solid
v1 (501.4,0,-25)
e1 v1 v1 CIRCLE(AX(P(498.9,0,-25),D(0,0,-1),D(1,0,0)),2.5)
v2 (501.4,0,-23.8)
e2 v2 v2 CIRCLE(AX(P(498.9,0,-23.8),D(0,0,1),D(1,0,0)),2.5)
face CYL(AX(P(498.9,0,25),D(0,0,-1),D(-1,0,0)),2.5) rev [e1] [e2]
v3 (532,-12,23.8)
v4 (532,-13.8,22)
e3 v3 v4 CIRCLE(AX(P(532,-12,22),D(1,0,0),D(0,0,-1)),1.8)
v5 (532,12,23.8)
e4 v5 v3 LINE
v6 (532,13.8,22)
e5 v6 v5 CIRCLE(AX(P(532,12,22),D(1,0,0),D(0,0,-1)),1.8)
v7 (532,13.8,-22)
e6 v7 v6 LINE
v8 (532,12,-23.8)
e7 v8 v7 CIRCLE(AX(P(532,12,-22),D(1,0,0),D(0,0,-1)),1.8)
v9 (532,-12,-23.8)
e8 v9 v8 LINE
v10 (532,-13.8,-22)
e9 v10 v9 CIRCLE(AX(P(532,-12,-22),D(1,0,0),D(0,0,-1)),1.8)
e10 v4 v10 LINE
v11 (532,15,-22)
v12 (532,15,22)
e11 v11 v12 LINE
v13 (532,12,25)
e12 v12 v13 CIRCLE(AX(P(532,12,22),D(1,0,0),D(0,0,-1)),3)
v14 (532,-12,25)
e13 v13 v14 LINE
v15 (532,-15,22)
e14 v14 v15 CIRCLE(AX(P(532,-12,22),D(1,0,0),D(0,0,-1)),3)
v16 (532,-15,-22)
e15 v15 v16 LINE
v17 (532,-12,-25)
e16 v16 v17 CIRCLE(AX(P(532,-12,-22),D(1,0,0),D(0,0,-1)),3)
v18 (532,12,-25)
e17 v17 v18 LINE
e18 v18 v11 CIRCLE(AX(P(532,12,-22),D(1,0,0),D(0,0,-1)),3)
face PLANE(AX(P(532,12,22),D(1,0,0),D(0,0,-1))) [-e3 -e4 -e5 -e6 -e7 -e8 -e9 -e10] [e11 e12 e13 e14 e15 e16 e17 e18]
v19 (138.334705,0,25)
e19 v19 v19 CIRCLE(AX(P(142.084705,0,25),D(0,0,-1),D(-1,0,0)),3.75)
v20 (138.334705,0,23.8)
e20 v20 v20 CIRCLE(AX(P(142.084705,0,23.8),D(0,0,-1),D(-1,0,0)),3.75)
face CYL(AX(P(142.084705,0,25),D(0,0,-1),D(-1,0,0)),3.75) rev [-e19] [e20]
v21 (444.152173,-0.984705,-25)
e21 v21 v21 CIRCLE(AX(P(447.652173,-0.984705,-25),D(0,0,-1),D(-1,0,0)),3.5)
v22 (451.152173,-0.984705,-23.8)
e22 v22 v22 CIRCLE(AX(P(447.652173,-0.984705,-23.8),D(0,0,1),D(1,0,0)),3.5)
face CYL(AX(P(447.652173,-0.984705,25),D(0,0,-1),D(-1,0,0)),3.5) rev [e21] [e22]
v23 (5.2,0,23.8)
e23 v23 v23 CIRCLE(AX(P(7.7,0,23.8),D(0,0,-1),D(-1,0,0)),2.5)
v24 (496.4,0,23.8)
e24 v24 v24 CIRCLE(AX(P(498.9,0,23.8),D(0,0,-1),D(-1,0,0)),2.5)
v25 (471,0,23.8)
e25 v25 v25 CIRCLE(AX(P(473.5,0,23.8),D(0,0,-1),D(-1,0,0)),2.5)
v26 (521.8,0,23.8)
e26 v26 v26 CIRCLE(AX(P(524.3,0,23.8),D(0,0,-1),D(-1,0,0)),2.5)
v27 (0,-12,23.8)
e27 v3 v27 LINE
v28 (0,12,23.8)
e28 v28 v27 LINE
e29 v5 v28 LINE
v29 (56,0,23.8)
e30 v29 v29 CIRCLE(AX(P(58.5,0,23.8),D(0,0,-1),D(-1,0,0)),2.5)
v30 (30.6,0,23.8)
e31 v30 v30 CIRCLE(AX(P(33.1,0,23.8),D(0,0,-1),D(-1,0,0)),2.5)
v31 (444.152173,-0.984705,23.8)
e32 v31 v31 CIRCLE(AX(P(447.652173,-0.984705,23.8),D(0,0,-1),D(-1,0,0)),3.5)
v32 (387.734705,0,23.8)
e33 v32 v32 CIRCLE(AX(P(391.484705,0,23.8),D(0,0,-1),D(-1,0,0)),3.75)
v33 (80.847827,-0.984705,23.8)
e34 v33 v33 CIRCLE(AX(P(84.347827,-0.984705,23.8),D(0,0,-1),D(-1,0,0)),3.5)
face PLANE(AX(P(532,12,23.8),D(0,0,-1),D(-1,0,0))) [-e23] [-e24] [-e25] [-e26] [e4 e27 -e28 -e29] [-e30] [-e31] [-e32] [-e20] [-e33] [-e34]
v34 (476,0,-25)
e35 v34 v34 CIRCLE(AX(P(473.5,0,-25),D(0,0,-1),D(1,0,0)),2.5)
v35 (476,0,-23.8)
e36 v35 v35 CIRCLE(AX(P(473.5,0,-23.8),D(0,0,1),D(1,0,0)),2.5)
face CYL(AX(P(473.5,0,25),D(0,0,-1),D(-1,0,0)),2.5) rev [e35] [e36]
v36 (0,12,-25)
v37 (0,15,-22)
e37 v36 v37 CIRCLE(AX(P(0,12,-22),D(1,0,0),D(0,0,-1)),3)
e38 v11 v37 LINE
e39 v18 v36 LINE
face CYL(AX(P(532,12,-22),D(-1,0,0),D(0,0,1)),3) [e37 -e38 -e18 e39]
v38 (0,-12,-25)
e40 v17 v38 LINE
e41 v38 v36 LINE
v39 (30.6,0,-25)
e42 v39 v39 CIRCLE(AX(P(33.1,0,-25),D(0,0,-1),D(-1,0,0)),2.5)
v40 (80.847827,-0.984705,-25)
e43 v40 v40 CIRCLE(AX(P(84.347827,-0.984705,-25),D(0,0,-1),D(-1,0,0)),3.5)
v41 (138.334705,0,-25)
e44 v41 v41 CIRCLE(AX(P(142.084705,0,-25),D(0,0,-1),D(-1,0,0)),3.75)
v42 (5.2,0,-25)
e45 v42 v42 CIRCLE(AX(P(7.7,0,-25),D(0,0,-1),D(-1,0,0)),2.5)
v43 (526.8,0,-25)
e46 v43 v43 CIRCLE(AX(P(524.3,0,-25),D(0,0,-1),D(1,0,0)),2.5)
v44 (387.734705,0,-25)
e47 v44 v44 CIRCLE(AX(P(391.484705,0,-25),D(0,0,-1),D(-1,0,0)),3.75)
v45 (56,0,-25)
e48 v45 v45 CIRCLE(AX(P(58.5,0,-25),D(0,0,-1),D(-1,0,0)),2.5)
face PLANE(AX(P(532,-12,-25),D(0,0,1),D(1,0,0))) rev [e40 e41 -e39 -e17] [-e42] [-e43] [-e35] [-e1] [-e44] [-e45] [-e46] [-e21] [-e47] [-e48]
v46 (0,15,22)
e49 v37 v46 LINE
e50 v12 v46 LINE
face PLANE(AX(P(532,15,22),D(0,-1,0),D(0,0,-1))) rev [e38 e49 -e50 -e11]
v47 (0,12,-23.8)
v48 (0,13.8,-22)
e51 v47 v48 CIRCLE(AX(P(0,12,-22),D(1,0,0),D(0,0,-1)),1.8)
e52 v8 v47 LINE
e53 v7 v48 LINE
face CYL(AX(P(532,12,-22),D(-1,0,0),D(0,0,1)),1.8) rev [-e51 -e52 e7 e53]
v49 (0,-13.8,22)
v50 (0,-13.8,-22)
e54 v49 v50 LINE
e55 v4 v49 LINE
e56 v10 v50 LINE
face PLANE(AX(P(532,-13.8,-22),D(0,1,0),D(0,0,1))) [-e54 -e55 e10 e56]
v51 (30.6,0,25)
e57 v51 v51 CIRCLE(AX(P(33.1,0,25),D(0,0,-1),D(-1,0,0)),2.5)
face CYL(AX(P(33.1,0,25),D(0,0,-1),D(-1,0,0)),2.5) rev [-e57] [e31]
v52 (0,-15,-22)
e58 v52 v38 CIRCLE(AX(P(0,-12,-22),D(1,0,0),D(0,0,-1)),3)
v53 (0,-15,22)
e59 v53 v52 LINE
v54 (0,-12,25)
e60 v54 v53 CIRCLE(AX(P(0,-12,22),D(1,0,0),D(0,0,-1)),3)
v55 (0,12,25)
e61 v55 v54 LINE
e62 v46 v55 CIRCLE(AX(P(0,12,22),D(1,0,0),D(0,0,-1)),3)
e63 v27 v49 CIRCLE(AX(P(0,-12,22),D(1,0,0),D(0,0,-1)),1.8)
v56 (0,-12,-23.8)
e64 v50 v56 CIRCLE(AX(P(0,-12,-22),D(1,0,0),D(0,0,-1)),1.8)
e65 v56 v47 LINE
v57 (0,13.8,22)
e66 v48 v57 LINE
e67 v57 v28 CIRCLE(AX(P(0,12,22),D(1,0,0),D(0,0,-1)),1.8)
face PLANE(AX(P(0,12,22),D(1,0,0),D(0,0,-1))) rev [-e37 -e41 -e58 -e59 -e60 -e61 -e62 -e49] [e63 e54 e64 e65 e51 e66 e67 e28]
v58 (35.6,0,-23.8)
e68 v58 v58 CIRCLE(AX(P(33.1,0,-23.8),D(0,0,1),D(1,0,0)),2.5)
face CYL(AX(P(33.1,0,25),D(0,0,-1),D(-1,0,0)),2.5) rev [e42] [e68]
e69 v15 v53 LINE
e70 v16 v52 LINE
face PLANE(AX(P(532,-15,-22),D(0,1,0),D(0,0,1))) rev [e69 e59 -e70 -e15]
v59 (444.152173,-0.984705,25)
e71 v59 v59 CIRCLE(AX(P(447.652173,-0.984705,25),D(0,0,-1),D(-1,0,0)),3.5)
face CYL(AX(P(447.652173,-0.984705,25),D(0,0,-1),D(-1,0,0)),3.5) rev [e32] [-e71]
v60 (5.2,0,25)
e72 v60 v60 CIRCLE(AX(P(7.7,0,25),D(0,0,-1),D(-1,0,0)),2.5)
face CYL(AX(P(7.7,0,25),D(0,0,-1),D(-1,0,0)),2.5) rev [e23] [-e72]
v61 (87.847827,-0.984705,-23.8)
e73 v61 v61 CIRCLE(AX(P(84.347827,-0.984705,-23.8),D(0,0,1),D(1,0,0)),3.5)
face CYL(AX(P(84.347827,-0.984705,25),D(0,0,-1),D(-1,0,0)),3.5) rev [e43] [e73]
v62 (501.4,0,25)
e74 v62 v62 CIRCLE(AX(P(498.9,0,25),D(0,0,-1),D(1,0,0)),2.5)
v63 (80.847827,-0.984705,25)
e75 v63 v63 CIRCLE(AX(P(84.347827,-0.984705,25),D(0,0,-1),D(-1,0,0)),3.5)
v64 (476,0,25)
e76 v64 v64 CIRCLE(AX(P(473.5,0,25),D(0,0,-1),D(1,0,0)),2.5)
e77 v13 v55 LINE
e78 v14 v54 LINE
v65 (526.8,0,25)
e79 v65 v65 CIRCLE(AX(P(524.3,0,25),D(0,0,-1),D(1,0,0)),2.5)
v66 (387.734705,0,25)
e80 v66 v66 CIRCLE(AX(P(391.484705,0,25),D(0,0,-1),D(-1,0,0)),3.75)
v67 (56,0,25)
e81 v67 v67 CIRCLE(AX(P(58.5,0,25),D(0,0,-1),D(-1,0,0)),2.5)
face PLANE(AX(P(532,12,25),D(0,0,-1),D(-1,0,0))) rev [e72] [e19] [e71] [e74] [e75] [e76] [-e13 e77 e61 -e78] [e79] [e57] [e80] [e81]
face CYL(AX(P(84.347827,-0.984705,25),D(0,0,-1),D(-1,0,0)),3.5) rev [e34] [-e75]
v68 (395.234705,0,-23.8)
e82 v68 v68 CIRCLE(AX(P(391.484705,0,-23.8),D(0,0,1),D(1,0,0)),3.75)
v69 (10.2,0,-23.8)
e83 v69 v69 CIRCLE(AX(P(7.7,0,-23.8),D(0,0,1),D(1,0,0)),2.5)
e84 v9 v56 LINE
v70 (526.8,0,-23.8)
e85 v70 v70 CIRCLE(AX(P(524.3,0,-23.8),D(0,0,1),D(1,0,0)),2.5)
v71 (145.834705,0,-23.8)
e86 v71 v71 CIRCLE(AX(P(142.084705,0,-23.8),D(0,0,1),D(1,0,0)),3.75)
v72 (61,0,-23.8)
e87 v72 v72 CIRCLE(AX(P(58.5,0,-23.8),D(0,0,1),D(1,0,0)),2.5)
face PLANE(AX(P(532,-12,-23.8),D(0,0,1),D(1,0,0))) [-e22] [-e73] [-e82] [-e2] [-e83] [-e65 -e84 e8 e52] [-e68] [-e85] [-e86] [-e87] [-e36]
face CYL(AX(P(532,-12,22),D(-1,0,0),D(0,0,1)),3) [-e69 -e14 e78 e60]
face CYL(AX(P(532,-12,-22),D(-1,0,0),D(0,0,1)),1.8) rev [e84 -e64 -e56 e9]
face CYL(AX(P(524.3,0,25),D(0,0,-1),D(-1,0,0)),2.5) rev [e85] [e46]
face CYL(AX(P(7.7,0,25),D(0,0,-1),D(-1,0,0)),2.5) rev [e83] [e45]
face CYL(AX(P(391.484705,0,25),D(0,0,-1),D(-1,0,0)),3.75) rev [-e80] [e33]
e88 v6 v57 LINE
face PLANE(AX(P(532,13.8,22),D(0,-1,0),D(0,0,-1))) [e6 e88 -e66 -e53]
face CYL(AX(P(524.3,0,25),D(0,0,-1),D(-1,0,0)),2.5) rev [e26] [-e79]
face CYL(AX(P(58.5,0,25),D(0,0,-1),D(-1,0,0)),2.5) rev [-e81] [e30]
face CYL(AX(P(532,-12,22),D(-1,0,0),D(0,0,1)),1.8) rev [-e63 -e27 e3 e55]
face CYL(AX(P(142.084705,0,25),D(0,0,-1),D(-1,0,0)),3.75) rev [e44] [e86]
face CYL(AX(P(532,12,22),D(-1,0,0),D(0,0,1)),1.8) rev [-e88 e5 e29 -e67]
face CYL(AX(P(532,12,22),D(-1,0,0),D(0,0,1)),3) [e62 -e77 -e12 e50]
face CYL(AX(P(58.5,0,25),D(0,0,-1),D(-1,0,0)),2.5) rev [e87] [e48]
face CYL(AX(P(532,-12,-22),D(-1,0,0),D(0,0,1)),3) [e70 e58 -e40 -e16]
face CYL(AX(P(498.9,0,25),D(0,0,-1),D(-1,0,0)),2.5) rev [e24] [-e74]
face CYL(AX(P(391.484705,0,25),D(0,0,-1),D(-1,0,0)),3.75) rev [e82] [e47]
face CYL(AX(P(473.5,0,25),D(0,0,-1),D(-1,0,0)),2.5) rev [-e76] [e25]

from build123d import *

# Parameters (mm, degrees)
TUBO_RETANGULAR_50_X_30_X_2_6_1_DEPTH = 532
ESBO_O2_R                             = 2.5
CORTE_EXTRUS_O1_DEPTH                 = 535.554955079
ESBO_O5_R                             = 3.75
CORTE_EXTRUS_O4_DEPTH                 = 535.554955079
ESBO_O6_R                             = 3.5
CORTE_EXTRUS_O5_DEPTH                 = 535.554955079


with BuildPart() as part:
    # Sketch1 → Tubo retangular 50 X 30 X 2.6(1) (new body)
    with BuildSketch(Plane.YZ):
        with BuildLine():
            Line((-12, -25), (12, -25))
            ThreePointArc((12, -25), (14.121320344, -24.121320344), (15, -22))
            Line((15, -22), (15, 22))
            ThreePointArc((15, 22), (14.121320344, 24.121320344), (12, 25))
            Line((12, 25), (-12, 25))
            ThreePointArc((-12, 25), (-14.121320344, 24.121320344), (-15, 22))
            Line((-15, 22), (-15, -22))
            ThreePointArc((-15, -22), (-14.121320344, -24.121320344), (-12, -25))
        make_face()
        with BuildLine():
            Line((-12, -23.8), (12, -23.8))
            ThreePointArc((12, -23.8), (13.272792206, -23.272792206), (13.8, -22))
            Line((13.8, -22), (13.8, 22))
            ThreePointArc((13.8, 22), (13.272792206, 23.272792206), (12, 23.8))
            Line((12, 23.8), (-12, 23.8))
            ThreePointArc((-12, 23.8), (-13.272792206, 23.272792206), (-13.8, 22))
            Line((-13.8, 22), (-13.8, -22))
            ThreePointArc((-13.8, -22), (-13.272792206, -23.272792206), (-12, -23.8))
        make_face(mode=Mode.SUBTRACT)
    extrude(amount=TUBO_RETANGULAR_50_X_30_X_2_6_1_DEPTH)

    # Esboço2 → Corte-extrusão1 (cut, through all)
    with BuildSketch(Plane(origin=(0, 0, -25), x_dir=(-1, 0, 0), z_dir=(0, 0, -1))):
        with Locations((-58.5, 0)):
            Circle(ESBO_O2_R)
        with Locations((-33.1, 0)):
            Circle(ESBO_O2_R)
        with Locations((-7.7, 0)):
            Circle(ESBO_O2_R)
        with Locations(Location((-524.3, 0, 0), (0, 0, 180))):
            Circle(ESBO_O2_R)
        with Locations(Location((-498.9, 0, 0), (0, 0, 180))):
            Circle(ESBO_O2_R)
        with Locations(Location((-473.5, 0, 0), (0, 0, 180))):
            Circle(ESBO_O2_R)
    extrude(amount=-CORTE_EXTRUS_O1_DEPTH, mode=Mode.SUBTRACT)

    # Esboço5 → Corte-extrusão4 (cut, through all)
    with BuildSketch(Plane(origin=(0, 0, -25), x_dir=(-1, 0, 0), z_dir=(0, 0, -1))):
        with Locations((-391.484705047, 0)):
            Circle(ESBO_O5_R)
        with Locations((-142.084705047, 0)):
            Circle(ESBO_O5_R)
    extrude(amount=-CORTE_EXTRUS_O4_DEPTH, mode=Mode.SUBTRACT)

    # Esboço6 → Corte-extrusão5 (cut, through all)
    with BuildSketch(Plane(origin=(0, 0, -25), x_dir=(-1, 0, 0), z_dir=(0, 0, -1))):
        with Locations((-447.652173256, -0.984705047)):
            Circle(ESBO_O6_R)
        with Locations((-84.347826744, -0.984705047)):
            Circle(ESBO_O6_R)
    extrude(amount=-CORTE_EXTRUS_O5_DEPTH, mode=Mode.SUBTRACT)


solid = part.part
